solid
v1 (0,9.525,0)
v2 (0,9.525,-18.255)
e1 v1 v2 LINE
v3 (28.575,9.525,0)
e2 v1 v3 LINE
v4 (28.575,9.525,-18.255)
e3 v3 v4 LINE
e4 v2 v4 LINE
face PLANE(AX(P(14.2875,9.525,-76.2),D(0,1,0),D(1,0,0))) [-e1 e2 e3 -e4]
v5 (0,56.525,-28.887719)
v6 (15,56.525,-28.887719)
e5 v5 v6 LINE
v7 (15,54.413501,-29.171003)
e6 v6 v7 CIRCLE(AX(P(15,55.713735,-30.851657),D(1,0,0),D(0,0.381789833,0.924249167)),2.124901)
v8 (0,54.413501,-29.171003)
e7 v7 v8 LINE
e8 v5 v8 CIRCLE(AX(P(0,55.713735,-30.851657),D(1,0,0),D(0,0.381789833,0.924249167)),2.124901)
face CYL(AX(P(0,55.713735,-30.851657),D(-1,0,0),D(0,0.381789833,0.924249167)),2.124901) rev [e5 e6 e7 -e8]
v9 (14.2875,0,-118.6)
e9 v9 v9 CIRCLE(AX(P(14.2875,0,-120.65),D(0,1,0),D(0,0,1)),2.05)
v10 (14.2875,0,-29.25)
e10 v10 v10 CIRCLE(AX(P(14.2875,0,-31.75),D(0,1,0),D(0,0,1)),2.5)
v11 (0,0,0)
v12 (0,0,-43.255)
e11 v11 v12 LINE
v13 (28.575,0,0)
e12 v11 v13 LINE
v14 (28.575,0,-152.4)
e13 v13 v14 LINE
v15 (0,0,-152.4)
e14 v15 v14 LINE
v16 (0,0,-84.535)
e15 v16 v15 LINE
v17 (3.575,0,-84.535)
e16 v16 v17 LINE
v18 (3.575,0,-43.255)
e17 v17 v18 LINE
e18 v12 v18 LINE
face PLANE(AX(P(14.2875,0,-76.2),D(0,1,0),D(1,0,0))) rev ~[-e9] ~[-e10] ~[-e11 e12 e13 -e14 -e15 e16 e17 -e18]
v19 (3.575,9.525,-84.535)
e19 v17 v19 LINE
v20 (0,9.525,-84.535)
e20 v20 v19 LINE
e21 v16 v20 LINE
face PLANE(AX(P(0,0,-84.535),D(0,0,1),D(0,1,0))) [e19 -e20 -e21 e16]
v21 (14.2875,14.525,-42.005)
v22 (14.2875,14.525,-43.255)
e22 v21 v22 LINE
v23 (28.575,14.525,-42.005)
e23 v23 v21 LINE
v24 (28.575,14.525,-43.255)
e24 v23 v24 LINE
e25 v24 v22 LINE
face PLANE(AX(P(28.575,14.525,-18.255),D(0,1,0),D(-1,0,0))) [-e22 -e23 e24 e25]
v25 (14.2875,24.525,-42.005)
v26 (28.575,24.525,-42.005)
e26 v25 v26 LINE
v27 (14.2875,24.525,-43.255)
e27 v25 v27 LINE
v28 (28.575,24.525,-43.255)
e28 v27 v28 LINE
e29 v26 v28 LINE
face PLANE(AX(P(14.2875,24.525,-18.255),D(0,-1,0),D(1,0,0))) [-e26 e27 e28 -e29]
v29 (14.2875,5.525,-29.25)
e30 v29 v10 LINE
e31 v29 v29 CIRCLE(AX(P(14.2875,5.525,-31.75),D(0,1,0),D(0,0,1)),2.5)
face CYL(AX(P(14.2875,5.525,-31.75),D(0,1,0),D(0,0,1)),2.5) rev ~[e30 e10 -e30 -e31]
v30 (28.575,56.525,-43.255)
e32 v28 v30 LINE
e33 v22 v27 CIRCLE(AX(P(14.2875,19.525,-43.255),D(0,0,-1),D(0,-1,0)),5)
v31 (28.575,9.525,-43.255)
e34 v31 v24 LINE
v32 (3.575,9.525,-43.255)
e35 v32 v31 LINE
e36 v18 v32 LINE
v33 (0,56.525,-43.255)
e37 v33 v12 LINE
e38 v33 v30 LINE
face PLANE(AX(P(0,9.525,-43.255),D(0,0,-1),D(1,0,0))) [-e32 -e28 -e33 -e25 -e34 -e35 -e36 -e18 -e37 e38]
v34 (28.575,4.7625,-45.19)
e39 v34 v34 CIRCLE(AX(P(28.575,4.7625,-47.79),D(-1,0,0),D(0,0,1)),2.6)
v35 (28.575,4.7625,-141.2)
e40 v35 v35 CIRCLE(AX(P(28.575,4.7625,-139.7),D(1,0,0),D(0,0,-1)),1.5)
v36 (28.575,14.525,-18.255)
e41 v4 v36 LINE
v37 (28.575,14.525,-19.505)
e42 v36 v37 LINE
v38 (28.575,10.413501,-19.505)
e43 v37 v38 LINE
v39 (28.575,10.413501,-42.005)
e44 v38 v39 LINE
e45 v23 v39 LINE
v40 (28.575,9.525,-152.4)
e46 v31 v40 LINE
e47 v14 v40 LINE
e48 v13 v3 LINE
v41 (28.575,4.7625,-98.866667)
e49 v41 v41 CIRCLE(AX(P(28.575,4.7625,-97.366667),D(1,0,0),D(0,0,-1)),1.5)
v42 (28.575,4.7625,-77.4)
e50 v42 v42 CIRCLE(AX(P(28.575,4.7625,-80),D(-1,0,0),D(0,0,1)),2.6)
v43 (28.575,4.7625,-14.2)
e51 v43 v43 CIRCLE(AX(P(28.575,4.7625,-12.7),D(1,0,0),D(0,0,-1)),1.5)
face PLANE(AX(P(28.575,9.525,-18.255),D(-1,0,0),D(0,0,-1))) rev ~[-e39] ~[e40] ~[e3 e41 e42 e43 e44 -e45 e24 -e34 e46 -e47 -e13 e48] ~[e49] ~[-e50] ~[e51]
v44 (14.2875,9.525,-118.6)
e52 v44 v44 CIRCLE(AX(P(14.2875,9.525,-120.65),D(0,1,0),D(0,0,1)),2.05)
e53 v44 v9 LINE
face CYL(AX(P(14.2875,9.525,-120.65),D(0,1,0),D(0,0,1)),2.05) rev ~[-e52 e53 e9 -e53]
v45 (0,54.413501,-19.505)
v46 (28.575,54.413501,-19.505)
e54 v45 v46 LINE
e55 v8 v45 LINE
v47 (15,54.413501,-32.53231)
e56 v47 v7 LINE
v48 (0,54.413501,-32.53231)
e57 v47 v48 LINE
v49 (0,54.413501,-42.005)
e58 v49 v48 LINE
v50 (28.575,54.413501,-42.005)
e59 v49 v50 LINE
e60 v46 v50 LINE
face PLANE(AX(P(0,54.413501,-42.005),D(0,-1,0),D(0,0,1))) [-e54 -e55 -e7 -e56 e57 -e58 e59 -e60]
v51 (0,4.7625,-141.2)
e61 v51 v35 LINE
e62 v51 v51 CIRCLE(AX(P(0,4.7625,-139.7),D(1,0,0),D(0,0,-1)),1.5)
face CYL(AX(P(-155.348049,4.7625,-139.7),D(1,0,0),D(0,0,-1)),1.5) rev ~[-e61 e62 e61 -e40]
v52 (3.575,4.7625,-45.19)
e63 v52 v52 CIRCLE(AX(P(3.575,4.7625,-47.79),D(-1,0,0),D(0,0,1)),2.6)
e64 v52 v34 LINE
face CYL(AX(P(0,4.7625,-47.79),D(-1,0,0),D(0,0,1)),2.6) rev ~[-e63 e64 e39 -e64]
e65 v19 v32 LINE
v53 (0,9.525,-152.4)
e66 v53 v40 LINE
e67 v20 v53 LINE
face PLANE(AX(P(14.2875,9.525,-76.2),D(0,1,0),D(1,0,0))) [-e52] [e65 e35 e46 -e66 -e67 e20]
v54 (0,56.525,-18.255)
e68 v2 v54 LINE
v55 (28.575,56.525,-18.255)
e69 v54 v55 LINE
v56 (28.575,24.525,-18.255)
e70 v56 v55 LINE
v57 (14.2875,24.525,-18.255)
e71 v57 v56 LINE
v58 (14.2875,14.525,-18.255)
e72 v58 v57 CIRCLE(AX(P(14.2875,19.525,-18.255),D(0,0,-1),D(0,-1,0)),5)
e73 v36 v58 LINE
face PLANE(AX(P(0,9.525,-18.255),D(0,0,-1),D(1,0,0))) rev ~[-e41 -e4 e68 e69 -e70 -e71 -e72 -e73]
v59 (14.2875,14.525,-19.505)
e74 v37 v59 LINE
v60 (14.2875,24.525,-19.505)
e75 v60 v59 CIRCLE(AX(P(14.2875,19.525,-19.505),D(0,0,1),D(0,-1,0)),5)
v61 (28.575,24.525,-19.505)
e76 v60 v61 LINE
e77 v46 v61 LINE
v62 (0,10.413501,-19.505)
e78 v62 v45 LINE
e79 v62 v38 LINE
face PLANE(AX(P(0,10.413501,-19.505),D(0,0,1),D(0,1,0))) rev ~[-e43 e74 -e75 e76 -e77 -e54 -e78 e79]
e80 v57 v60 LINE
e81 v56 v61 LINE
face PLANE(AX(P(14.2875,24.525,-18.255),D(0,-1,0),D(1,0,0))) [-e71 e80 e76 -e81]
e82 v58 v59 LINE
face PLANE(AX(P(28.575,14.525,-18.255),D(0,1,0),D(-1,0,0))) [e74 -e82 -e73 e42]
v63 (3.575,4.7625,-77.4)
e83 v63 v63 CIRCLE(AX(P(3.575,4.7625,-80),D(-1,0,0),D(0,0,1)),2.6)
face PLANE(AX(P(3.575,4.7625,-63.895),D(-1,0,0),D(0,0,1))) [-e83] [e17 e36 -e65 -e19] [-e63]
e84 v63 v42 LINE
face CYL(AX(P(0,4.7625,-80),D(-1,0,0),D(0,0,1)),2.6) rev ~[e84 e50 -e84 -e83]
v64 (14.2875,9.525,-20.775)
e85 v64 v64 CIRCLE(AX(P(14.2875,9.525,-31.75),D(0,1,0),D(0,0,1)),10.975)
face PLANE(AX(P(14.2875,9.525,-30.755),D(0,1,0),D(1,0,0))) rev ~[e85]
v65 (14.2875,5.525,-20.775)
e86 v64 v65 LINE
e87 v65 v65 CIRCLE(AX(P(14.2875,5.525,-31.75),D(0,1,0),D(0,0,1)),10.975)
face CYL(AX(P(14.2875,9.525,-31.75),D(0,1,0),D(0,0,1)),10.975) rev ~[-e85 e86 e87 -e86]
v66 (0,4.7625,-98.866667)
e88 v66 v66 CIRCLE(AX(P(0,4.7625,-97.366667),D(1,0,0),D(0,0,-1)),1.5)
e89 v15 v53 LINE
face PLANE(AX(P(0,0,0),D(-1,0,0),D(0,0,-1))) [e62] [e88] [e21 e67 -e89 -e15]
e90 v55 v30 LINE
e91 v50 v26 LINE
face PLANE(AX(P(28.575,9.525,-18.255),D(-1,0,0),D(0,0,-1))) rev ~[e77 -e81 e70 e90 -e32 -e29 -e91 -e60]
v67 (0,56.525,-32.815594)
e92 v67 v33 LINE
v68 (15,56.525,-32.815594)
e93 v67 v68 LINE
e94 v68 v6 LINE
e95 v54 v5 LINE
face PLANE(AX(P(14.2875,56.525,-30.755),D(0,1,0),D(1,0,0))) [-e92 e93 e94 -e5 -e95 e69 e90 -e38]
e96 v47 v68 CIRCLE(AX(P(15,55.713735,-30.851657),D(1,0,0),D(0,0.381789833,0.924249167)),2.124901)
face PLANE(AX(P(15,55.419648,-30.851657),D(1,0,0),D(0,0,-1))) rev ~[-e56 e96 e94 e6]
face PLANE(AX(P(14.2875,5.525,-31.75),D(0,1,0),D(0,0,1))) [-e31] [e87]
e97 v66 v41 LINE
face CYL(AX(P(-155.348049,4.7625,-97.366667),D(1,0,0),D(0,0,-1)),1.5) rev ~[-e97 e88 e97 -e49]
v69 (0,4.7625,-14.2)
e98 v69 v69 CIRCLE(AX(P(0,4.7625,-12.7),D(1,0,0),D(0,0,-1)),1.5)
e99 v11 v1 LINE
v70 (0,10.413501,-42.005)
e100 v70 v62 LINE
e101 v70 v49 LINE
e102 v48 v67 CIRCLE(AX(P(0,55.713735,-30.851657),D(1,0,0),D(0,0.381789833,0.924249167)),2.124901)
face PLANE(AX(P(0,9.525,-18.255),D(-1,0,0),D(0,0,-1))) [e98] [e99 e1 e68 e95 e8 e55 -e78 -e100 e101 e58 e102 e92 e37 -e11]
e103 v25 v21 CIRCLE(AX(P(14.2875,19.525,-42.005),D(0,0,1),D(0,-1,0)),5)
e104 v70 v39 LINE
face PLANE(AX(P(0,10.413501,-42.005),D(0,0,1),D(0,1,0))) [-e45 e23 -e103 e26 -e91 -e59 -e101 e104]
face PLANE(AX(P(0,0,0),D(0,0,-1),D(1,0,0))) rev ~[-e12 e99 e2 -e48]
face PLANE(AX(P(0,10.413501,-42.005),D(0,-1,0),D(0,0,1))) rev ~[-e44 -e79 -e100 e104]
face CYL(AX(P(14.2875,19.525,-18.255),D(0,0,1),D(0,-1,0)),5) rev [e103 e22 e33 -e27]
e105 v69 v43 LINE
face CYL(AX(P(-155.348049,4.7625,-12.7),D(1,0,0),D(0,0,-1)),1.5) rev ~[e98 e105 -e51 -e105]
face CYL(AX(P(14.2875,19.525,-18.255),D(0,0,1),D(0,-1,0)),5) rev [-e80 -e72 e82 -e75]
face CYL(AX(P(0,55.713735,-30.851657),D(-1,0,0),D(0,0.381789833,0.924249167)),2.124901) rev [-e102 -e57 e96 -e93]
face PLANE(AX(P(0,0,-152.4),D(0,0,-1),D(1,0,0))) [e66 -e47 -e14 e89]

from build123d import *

# Parameters (mm, degrees)
SKETCH2_W             = 28.575
SKETCH2_H             = 152.4
BOSS_EXTRUDE1_DEPTH   = 9.525
F_3_0MM_DOWEL_HOLE1_D = 3
LPATTERN1_COUNT       = 4
LPATTERN1_PITCH       = 42.333333333
SKETCH12_R            = 2.05
CUT_EXTRUDE1_DEPTH    = 156.348048749
SKETCH12_4_R          = 10.975
CUT_EXTRUDE2_DEPTH    = 4
SKETCH15_R            = 2.5
CUT_EXTRUDE3_DEPTH    = 156.154169296
SKETCH13_R            = 2.6
CUT_EXTRUDE4_DEPTH    = 156.348048749
SKETCH17_W            = 41.28
SKETCH17_H            = 9.525
CUT_EXTRUDE5_DEPTH    = 3.575
SKETCH18_W            = 28.575
SKETCH18_H            = 25
BOSS_EXTRUDE3_DEPTH   = 47
CUT_EXTRUDE12_REACH   = 167.037
SKETCH19_W            = 22.5
SKETCH19_H            = 44
CUT_EXTRUDE18_DEPTH   = 15
CUT_EXTRUDE17_DEPTH   = 25


with BuildPart() as part:
    # Sketch2 → Boss-Extrude1 (new body)
    with BuildSketch(Plane(origin=(0, 0, 0), x_dir=(1, 0, 0), z_dir=(0, 1, 0))):
        with Locations((14.2875, 76.2)):
            Rectangle(SKETCH2_W, SKETCH2_H)
    extrude(amount=BOSS_EXTRUDE1_DEPTH)

    # Ø3.0mm Dowel Hole1 (through all)
    with Locations(Plane.ZY):
        with Locations((-139.7, 4.7625)):
            f_3_0mm_dowel_hole1 = Hole(F_3_0MM_DOWEL_HOLE1_D / 2)

    # LPattern1: Ø3.0mm Dowel Hole1 ×4, 1 skipped
    with Locations(*[(0, 0, i * LPATTERN1_PITCH) for i in range(1, LPATTERN1_COUNT) if i not in (2,)]):
        add(f_3_0mm_dowel_hole1, mode=Mode.SUBTRACT)

    # Sketch12 → Cut-Extrude1 (cut, through all)
    with BuildSketch(Plane(origin=(0, 9.525, 0), x_dir=(1, 0, 0), z_dir=(0, 1, 0))):
        with Locations(Location((14.2875, 120.65, 0), (0, 0, 270))):
            Circle(SKETCH12_R)
    extrude(amount=-CUT_EXTRUDE1_DEPTH, mode=Mode.SUBTRACT)

    # Sketch12<4> → Cut-Extrude2 (cut)
    with BuildSketch(Plane(origin=(0, 9.525, 0), x_dir=(1, 0, 0), z_dir=(0, 1, 0))):
        with Locations(Location((14.2875, 31.75, 0), (0, 0, 270))):
            Circle(SKETCH12_4_R)
    extrude(amount=-CUT_EXTRUDE2_DEPTH, mode=Mode.SUBTRACT)

    # Sketch15 → Cut-Extrude3 (cut, through all)
    with BuildSketch(Plane(origin=(0, 5.525, 0), x_dir=(1, 0, 0), z_dir=(0, 1, 0))):
        with Locations(Location((14.2875, 31.75, 0), (0, 0, 270))):
            Circle(SKETCH15_R)
    extrude(amount=-CUT_EXTRUDE3_DEPTH, mode=Mode.SUBTRACT)

    # Sketch13 → Cut-Extrude4 (cut, through all)
    with BuildSketch(Plane.ZY):
        with Locations((-80, 4.7625)):
            Circle(SKETCH13_R)
        with Locations((-47.79, 4.7625)):
            Circle(SKETCH13_R)
    extrude(amount=-CUT_EXTRUDE4_DEPTH, mode=Mode.SUBTRACT)

    # Sketch17 → Cut-Extrude5 (cut)
    with BuildSketch(Plane.ZY):
        with Locations((-63.895, 4.7625)):
            Rectangle(SKETCH17_W, SKETCH17_H)
    extrude(amount=-CUT_EXTRUDE5_DEPTH, mode=Mode.SUBTRACT)

    # Sketch18 → Boss-Extrude3 (add)
    with BuildSketch(Plane(origin=(0, 9.525, 0), x_dir=(1, 0, 0), z_dir=(0, 1, 0))):
        with Locations((14.2875, 30.755)):
            Rectangle(SKETCH18_W, SKETCH18_H)
    extrude(amount=BOSS_EXTRUDE3_DEPTH)

    # Sketch19 → Cut-Extrude12 (cut, up to next)
    with BuildSketch(Plane.ZY, mode=Mode.PRIVATE) as cut_extrude12_sk1:
        with Locations((-30.755, 32.413500749)):
            Rectangle(SKETCH19_W, SKETCH19_H)
    cut_extrude12_tool1 = extrude(cut_extrude12_sk1.sketch, amount=-CUT_EXTRUDE12_REACH, mode=Mode.PRIVATE) & part.part
    add(cut_extrude12_tool1.solids().sort_by_distance((0, 32.413501, -30.755))[0], mode=Mode.SUBTRACT)

    # Sketch20 → Cut-Extrude18 (cut)
    with BuildSketch(Plane.ZY):
        with BuildLine():
            Line((-32.81559427, 56.525), (-28.887718849, 56.525))
            ThreePointArc((-28.887718849, 56.525), (-30.851656559, 53.588833805), (-32.81559427, 56.525))
        make_face()
    extrude(amount=-CUT_EXTRUDE18_DEPTH, mode=Mode.SUBTRACT)

    # Sketch21 → Cut-Extrude17 (cut)
    with BuildSketch(Plane.XY.offset(-18.255)):
        with BuildLine():
            Line((14.2875, 24.525), (28.575, 24.525))
            Line((28.575, 24.525), (28.575, 14.525))
            Line((28.575, 14.525), (14.2875, 14.525))
            ThreePointArc((14.2875, 14.525), (9.2875, 19.525), (14.2875, 24.525))
        make_face()
    extrude(amount=-CUT_EXTRUDE17_DEPTH, mode=Mode.SUBTRACT)


solid = part.part
